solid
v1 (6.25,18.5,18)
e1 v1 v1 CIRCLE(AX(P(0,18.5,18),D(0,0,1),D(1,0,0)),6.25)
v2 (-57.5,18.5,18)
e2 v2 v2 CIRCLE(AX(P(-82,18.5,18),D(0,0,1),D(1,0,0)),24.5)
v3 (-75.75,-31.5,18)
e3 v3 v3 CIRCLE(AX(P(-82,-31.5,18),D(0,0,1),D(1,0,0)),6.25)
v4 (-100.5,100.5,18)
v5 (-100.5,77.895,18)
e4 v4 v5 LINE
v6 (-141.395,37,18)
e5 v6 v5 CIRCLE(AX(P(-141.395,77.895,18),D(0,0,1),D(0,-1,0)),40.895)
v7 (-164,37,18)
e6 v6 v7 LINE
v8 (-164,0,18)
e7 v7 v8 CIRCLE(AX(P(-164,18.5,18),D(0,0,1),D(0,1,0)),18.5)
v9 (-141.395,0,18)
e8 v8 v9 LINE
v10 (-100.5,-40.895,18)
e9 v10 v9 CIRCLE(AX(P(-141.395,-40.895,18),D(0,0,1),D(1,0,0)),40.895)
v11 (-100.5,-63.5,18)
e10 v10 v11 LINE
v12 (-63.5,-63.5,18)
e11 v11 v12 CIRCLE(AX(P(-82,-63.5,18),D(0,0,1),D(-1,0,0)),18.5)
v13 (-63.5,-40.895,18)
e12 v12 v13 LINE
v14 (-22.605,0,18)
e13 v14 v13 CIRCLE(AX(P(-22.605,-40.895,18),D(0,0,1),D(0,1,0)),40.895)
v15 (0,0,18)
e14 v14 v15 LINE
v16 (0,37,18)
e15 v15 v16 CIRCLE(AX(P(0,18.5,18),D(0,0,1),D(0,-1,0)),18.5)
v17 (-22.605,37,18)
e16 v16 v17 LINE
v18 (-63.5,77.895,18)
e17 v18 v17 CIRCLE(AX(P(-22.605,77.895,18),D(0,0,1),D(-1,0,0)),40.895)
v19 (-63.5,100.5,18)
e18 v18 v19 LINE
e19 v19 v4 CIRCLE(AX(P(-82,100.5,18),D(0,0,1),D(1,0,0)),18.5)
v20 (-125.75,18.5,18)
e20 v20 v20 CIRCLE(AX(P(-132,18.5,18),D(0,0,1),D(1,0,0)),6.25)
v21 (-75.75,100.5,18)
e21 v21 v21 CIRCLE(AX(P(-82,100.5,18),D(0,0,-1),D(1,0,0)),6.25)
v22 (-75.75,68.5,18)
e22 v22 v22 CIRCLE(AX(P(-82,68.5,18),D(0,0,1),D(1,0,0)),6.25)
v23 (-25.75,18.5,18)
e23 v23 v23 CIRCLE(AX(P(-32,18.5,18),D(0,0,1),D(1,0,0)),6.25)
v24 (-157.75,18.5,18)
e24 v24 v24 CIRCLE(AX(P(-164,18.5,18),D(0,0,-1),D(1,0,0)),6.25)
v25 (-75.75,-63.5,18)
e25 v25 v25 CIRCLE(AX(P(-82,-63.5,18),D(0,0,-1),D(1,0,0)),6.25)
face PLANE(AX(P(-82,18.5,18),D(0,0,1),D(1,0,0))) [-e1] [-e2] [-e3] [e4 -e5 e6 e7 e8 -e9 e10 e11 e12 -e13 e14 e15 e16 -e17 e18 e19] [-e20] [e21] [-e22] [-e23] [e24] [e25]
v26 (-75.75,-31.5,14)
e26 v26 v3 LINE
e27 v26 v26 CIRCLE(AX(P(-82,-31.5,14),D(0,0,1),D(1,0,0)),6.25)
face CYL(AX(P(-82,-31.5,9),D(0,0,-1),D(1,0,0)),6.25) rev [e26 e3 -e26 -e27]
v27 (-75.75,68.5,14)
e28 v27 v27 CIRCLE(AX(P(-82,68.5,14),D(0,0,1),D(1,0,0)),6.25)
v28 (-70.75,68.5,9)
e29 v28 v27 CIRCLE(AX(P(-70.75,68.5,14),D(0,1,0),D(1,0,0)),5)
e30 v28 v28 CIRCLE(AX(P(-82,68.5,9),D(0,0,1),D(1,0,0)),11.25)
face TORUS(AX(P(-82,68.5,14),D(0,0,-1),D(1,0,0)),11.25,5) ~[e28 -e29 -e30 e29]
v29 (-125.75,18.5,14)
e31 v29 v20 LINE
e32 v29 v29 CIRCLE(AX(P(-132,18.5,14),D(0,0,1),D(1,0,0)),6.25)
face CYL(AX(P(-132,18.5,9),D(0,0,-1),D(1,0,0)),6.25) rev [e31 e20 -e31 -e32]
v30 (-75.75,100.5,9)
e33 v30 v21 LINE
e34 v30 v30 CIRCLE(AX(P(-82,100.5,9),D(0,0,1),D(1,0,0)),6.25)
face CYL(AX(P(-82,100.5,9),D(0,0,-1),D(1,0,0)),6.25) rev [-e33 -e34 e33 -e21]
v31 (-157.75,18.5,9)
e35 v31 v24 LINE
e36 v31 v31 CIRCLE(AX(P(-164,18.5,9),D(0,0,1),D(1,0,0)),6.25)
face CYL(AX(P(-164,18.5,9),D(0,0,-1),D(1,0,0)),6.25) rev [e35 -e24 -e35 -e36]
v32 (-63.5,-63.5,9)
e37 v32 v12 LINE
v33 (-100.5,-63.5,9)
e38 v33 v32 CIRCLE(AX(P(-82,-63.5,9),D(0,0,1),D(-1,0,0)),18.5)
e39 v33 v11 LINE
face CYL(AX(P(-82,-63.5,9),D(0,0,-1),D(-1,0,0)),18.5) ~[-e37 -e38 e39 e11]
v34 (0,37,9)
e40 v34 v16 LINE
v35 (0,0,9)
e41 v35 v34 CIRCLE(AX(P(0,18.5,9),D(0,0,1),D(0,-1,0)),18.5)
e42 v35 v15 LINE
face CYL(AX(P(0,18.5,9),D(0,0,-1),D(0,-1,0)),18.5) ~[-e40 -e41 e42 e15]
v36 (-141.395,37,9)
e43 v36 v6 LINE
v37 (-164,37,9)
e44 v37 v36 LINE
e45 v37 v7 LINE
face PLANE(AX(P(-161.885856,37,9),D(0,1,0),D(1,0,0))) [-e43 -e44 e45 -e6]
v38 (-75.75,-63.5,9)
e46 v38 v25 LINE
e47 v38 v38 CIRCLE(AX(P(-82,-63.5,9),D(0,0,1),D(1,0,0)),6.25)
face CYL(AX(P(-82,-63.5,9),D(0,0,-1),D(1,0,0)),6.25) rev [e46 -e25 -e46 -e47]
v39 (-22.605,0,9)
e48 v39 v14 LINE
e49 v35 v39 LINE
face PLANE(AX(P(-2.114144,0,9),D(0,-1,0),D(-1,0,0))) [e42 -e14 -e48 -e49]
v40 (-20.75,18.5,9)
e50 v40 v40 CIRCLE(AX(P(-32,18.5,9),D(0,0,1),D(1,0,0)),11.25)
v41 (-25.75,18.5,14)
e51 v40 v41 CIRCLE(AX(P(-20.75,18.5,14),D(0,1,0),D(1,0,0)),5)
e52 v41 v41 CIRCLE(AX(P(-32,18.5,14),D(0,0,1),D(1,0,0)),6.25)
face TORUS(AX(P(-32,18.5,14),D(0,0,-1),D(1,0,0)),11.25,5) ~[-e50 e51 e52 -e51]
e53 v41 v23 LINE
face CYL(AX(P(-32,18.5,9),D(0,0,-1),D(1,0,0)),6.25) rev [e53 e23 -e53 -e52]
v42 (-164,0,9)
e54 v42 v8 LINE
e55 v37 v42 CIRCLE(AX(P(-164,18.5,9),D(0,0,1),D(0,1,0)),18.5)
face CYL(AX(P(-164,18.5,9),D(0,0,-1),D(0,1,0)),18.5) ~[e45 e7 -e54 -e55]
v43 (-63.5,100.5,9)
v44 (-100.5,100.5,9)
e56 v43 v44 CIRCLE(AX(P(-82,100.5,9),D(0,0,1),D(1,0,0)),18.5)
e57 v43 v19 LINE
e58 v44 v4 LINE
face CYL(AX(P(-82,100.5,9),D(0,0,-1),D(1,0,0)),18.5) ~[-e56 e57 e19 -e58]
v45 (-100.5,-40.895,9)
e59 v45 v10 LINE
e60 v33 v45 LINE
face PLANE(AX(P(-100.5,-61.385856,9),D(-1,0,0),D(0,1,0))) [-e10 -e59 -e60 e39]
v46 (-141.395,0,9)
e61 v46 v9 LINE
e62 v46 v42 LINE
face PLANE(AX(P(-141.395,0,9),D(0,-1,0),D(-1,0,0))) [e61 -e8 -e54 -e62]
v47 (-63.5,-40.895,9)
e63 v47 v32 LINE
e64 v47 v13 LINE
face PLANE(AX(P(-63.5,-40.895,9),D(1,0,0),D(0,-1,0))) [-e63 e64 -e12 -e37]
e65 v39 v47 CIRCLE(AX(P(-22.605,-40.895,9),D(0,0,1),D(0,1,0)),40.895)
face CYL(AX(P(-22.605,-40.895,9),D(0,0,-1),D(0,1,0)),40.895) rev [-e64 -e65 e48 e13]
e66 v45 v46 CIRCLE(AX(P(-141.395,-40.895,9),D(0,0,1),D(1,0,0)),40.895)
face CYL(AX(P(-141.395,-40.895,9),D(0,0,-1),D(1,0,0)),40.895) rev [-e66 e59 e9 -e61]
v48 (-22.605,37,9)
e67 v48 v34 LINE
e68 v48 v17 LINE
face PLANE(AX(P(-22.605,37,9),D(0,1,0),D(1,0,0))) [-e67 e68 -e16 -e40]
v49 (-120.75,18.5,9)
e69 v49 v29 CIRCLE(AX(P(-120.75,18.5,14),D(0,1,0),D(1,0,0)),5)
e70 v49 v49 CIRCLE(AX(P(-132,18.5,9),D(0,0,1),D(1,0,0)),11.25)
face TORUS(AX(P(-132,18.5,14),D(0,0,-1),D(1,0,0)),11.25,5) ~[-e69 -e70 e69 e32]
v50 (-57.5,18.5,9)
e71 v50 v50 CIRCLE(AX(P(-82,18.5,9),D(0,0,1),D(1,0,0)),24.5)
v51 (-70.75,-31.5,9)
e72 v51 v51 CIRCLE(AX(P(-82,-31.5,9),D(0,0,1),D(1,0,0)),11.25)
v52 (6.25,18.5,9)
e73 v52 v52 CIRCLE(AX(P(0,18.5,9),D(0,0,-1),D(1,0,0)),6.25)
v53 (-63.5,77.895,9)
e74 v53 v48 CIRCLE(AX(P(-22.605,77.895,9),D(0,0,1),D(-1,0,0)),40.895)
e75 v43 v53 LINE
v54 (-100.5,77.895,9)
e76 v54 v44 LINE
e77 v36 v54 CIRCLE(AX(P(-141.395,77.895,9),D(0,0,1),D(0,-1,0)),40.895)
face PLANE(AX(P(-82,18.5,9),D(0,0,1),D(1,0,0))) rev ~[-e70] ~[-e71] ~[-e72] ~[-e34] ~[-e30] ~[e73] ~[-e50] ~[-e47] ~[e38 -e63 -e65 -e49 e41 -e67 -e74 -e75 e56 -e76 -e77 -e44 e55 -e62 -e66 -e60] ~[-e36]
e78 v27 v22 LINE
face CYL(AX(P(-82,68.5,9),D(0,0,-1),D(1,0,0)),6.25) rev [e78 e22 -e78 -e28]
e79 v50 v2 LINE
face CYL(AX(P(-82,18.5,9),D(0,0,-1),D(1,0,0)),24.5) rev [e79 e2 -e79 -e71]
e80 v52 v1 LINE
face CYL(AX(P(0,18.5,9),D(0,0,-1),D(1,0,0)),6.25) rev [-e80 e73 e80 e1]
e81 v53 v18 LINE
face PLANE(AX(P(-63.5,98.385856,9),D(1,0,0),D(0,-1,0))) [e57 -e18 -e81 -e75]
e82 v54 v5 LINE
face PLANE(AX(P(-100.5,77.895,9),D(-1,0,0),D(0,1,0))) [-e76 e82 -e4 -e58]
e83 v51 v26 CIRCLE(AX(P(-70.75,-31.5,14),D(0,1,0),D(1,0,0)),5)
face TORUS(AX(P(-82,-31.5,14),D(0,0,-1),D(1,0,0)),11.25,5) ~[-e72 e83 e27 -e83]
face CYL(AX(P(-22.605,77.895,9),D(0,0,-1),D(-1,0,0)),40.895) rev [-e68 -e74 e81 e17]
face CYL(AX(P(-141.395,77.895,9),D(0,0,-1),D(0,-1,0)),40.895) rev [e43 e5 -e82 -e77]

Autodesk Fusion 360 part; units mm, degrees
sketch "Sketch1" plane through (0, 0, 0) normal (0, 0, 1) x (1, 0, 0)
  circle A0 centre (0, 0) radius 164
  line L0 (0, 220) -> (0, -226.5969) construction
  line L1 (-260, 0) -> (224.3647, 0) construction
  circle A1 centre (0, 164) radius 12.5
  line L2 (37, 164) -> (37, 118.79)
  line L3 (-37, 118.79) -> (-37, 164)
  arc A2 (37, 164) -> (-37, 164) centre (0, 164) ccw
  arc A3 (-164, 37) -> (-164, -37) centre (-164, 0) ccw
  circle A4 centre (-164, 0) radius 12.5
  line L4 (-118.79, -37) -> (-164, -37)
  line L5 (-164, 37) -> (-118.79, 37)
  arc A5 (-37, -164) -> (37, -164) centre (0, -164) ccw
  circle A6 centre (0, -164) radius 12.5
  line L6 (37, -118.79) -> (37, -164)
  line L7 (-37, -164) -> (-37, -118.79)
  arc A7 (164, -37) -> (164, 37) centre (164, 0) ccw
  circle A8 centre (164, 0) radius 12.5
  line L8 (118.79, 37) -> (164, 37)
  line L9 (164, -37) -> (118.79, -37)
  arc A9 (37, 118.79) -> (118.79, 37) centre (118.79, 118.79) ccw
  arc A10 (118.79, -37) -> (37, -118.79) centre (118.79, -118.79) ccw
  arc A11 (-37, -118.79) -> (-118.79, -37) centre (-118.79, -118.79) ccw
  arc A12 (-118.79, 37) -> (-37, 118.79) centre (-118.79, 118.79) ccw
  circle A13 centre (100, 0) radius 12.5
  circle A14 centre (0, 100) radius 12.5
  circle A15 centre (-100, 0) radius 12.5
  circle A16 centre (0, -100) radius 12.5
  circle A17 centre (0, 0) radius 49
  dimension "d1" = 328
  dimension "d3" = 74
  dimension "d4" = 25
  dimension "d7" = 45.21
  dimension "d8" = 45.21
  dimension "d10" = 360
  dimension "d11" = 25
  dimension "d12" = 100
  dimension "d14" = 360
  dimension "d15" = 98
extrude "Extrude1" add sketch "Sketch1" along normal blind 18 contours A0 A1 L2 L3 A4 L4 L5 A6 L6 L7 A8 L8 L9 A9 A10 A11 A12 | A0 A7 A8 L8 L9 | A0 A1 L2 L3 A2 | A0 A5 A6 L6 L7 | A0 A3 A4 L4 L5
fillet "Fillet2" radius 10 4 edges at (-111.6541, 4.5202, 0) (-11.6541, -95.4798, 0) (88.3459, 4.5202, 0) (-11.6541, 104.5202, 0)
scale "Scale1" factor 0.5 about (-164, 37, 18) bodies 1
equation "d3 = ( 37 * 2 ) * 1 mm"
